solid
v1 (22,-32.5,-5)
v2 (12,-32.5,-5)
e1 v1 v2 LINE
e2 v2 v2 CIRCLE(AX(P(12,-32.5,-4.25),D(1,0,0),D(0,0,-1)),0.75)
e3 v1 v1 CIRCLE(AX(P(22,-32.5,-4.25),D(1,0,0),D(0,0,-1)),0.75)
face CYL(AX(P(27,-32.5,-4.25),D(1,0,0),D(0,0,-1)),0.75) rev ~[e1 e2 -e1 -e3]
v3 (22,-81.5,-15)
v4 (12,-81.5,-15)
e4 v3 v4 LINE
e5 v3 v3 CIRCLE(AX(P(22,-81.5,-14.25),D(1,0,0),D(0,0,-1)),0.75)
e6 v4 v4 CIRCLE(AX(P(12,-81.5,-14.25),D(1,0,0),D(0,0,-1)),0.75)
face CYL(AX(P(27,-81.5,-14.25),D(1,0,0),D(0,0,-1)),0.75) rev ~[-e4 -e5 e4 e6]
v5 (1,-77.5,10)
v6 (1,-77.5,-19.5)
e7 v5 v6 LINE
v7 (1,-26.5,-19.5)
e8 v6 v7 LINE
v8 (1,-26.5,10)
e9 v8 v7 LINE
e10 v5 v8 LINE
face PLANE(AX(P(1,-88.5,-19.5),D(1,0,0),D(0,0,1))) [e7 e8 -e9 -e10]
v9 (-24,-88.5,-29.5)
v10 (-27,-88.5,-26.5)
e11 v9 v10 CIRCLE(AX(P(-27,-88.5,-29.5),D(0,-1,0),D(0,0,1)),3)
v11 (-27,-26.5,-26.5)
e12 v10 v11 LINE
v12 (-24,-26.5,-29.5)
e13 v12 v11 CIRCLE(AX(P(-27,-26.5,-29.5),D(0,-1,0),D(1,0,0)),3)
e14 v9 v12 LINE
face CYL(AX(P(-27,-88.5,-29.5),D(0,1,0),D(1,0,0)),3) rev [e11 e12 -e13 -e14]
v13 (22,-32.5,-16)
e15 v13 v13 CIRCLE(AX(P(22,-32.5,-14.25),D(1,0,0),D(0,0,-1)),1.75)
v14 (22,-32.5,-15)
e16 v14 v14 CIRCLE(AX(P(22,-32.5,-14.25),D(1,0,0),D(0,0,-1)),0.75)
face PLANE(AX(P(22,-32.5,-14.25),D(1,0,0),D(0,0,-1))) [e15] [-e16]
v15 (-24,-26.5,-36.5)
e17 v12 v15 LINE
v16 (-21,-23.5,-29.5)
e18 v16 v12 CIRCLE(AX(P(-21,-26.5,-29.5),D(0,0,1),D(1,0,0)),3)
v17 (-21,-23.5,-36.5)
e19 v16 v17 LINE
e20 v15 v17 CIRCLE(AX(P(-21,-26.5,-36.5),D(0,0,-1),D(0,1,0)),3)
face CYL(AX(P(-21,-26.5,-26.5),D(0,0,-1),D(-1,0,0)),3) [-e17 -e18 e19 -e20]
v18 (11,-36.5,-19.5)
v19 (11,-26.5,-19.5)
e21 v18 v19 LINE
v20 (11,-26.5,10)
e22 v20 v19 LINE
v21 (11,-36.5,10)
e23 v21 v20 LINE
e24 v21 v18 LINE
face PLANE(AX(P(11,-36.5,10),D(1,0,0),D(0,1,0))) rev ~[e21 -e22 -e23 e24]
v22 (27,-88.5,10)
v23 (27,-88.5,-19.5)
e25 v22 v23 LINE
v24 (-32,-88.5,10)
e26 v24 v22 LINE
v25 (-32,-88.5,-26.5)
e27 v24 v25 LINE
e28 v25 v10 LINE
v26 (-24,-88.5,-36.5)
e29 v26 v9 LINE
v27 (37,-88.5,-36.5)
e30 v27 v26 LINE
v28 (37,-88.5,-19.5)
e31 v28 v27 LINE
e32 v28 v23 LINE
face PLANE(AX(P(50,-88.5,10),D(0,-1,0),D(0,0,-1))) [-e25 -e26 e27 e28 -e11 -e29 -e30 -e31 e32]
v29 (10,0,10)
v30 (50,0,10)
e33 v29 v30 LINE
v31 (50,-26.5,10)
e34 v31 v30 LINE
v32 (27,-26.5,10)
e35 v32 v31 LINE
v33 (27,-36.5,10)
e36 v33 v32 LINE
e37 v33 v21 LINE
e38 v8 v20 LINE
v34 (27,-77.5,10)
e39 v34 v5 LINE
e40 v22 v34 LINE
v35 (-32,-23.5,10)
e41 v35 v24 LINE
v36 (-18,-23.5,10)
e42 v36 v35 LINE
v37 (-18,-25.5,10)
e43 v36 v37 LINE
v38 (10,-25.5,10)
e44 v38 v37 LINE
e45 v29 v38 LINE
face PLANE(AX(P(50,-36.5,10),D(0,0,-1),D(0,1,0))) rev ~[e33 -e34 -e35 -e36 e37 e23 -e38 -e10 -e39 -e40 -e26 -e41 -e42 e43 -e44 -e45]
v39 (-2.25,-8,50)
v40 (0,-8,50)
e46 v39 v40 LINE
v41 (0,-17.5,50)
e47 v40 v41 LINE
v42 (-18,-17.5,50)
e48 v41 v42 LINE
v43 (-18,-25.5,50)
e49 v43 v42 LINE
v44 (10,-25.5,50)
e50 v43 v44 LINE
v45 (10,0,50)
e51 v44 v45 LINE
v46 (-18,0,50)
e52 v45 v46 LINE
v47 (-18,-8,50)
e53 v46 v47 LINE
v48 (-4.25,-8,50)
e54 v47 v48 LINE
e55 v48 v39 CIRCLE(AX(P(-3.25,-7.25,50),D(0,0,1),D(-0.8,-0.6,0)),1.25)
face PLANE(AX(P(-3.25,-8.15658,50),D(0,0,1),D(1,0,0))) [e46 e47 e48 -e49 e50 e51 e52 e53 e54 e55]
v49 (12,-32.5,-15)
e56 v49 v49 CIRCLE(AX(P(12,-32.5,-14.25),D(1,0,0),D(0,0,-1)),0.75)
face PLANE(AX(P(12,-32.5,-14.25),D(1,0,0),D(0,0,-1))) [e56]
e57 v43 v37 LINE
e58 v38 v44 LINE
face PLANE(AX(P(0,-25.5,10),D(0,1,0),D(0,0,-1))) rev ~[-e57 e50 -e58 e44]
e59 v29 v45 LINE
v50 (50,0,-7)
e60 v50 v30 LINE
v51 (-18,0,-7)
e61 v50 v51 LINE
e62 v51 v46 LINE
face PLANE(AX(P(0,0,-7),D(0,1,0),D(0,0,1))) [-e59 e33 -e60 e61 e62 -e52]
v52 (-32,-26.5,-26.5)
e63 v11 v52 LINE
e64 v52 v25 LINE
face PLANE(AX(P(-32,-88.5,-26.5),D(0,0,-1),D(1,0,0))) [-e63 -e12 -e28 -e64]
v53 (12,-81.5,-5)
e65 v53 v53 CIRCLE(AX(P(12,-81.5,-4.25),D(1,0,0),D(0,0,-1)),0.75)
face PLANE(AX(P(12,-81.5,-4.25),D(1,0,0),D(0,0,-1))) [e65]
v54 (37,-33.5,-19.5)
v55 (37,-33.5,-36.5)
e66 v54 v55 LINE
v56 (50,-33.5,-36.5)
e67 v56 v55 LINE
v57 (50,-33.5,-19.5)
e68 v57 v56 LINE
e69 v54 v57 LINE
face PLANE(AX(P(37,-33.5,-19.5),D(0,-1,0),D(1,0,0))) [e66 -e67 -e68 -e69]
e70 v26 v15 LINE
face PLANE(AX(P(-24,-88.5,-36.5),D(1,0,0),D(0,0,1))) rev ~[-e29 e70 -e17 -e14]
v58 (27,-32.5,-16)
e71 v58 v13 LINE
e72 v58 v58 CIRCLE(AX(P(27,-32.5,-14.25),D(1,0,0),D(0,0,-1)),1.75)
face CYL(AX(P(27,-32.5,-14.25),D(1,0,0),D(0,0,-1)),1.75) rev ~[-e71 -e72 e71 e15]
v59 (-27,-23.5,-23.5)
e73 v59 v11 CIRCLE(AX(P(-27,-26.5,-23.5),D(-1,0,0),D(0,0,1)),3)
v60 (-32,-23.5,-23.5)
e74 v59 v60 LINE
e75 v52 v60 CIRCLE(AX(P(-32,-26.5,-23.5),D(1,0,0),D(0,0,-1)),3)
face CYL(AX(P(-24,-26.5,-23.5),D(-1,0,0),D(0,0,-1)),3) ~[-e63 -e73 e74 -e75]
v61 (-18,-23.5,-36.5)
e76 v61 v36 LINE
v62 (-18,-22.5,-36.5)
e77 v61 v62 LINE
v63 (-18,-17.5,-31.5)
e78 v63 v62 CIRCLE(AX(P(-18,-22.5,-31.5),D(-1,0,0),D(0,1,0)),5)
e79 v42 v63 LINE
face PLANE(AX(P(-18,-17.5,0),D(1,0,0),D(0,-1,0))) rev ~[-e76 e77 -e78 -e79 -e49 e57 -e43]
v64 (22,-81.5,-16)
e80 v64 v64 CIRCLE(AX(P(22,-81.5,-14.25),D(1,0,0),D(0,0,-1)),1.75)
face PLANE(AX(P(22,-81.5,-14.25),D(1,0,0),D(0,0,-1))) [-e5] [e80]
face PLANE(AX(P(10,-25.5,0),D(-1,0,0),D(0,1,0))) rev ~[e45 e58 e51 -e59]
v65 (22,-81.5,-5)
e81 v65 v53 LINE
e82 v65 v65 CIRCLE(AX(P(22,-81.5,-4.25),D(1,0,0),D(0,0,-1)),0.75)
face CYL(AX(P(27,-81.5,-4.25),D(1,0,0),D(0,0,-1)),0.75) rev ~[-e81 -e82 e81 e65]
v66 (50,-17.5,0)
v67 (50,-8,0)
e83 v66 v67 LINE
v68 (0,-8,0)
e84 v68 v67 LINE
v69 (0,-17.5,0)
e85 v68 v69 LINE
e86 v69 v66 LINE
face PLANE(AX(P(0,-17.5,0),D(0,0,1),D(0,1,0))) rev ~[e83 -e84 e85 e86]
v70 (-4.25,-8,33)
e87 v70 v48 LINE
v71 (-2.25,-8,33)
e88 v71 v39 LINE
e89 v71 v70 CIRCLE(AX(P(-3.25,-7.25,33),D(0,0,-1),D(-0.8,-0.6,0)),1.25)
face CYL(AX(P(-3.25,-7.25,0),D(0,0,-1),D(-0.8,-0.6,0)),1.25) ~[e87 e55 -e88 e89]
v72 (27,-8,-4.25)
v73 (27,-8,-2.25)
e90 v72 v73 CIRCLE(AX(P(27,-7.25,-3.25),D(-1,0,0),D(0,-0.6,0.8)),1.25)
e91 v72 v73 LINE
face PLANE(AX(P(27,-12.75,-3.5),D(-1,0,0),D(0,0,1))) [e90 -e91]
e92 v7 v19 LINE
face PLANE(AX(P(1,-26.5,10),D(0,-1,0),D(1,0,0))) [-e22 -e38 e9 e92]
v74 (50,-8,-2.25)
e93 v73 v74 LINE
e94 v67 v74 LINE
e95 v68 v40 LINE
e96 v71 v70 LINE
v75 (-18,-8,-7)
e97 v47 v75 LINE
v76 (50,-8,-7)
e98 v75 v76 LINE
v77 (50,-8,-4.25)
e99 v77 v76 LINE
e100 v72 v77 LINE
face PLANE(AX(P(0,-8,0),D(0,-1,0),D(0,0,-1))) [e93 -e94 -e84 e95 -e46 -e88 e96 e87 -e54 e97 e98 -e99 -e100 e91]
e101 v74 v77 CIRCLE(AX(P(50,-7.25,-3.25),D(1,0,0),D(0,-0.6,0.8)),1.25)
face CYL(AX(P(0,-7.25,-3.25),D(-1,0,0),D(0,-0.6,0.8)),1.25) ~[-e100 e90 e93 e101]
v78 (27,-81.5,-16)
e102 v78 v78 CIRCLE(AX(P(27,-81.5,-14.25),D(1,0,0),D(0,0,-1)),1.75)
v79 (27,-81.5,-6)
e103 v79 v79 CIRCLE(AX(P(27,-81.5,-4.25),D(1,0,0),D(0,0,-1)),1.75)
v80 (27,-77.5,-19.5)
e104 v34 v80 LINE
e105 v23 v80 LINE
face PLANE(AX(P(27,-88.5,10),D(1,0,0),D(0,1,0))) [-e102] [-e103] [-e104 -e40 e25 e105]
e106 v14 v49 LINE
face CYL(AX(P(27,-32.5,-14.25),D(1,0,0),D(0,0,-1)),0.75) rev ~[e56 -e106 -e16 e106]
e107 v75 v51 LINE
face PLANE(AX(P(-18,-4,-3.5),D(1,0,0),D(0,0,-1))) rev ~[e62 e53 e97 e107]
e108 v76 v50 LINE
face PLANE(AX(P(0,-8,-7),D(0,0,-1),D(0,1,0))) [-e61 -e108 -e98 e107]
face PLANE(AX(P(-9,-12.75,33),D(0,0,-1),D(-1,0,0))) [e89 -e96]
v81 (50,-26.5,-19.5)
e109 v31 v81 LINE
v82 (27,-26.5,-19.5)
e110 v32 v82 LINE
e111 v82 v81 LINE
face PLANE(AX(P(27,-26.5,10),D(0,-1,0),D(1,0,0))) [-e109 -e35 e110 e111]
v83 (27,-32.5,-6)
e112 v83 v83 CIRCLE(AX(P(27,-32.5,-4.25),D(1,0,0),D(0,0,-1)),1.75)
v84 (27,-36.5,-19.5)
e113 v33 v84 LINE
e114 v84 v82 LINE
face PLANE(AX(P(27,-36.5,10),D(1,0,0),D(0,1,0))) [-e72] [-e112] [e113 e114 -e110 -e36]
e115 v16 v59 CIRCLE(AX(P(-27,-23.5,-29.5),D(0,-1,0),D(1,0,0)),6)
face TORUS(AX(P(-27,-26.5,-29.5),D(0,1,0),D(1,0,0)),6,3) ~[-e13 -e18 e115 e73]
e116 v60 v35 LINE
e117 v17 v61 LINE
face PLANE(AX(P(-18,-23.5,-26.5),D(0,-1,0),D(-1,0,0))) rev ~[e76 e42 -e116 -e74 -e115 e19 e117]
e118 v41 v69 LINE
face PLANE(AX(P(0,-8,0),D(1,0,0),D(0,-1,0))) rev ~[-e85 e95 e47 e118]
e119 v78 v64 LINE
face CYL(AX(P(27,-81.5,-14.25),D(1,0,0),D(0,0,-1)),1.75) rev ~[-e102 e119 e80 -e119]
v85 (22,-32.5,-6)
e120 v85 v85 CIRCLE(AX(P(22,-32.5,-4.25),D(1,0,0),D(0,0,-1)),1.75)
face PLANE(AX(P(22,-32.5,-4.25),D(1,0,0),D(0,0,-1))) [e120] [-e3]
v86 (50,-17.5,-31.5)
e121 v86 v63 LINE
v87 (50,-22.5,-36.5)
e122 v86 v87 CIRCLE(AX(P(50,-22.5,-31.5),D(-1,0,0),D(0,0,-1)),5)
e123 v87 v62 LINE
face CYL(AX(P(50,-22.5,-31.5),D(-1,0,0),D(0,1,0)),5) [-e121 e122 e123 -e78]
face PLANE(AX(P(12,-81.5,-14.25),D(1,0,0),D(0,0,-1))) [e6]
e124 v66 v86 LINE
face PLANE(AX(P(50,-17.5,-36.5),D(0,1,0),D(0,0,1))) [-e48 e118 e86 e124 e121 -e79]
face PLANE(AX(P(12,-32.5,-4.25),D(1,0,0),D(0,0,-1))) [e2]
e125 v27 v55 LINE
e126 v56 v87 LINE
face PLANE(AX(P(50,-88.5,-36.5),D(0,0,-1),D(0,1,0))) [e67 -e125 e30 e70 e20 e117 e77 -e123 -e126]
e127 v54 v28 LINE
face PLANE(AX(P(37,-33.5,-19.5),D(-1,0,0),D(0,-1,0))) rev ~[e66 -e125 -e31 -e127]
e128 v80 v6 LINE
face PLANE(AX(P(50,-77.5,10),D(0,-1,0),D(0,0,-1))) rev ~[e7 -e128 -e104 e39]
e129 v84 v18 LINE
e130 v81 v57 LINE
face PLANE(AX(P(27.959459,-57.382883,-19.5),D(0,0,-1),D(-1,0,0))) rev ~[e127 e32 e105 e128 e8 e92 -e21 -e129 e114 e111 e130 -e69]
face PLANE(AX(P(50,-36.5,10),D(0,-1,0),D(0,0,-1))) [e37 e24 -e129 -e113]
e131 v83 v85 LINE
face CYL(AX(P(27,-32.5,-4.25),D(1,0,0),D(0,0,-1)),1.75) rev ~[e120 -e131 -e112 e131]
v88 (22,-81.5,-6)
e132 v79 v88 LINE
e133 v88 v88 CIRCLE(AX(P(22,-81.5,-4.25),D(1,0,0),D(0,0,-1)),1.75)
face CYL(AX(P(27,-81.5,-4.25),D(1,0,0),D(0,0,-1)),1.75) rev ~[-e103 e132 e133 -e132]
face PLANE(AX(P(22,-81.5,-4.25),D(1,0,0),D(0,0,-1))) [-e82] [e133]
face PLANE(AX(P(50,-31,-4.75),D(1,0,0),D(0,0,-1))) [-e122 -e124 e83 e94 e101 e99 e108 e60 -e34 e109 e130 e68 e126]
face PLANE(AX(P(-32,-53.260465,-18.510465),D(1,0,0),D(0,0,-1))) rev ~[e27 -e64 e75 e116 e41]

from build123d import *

# Parameters (mm, degrees)
BOSS_EXTRUDE1_DEPTH = 50
SKETCH2_W           = 7
SKETCH2_H           = 8
BOSS_EXTRUDE2_DEPTH = 50
SKETCH2_3_W         = 7
SKETCH2_3_H         = 8
BOSS_EXTRUDE3_DEPTH = 18
SKETCH3_W           = 10
SKETCH3_H           = 63
SKETCH3_W_2         = 7
SKETCH3_H_2         = 8
BOSS_EXTRUDE4_DEPTH = 82
FILLET1_R           = 5
SKETCH4_W           = 49
SKETCH4_H           = 29.5
CUT_EXTRUDE1_DEPTH  = 63
SKETCH5_W           = 29.5
SKETCH5_H           = 11
BOSS_EXTRUDE5_DEPTH = 49
CUT_EXTRUDE2_DEPTH  = 29.5
SKETCH6_R           = 1.75
CUT_EXTRUDE3_DEPTH  = 5
SKETCH6_6_R         = 0.75
CUT_EXTRUDE4_DEPTH  = 15
SKETCH8_W           = 18
SKETCH8_H           = 9.5
CUT_EXTRUDE5_DEPTH  = 40
SKETCH9_W           = 7
SKETCH9_H           = 9.5
CUT_EXTRUDE6_DEPTH  = 45
SKETCH10_W          = 10
SKETCH10_H          = 10
CUT_EXTRUDE7_DEPTH  = 29.5
SKETCH11_W          = 13
SKETCH11_H          = 48
SKETCH11_H_2        = 7
CUT_EXTRUDE8_DEPTH  = 124.13610356
SKETCH12_W          = 8
SKETCH12_H          = 10
CUT_EXTRUDE9_DEPTH  = 114.279521539
SKETCH13_W          = 10
SKETCH13_H          = 6
CUT_EXTRUDE10_DEPTH = 14
SKETCH15_W          = 14
SKETCH15_H          = 6
CUT_EXTRUDE11_DEPTH = 128.218316291
FILLET2_R           = 3


with BuildPart() as part:
    # Sketch1 → Boss-Extrude1 (new body)
    with BuildSketch(Plane.XY):
        with BuildLine():
            Line((-2.25, -8), (-4.25, -8))
            ThreePointArc((-4.25, -8), (-3.25, -8.5), (-2.25, -8))
        make_face()
        Polygon((10, -25.5), (10, 0), (0, 0), (-18, 0), (-18, -8), (0, -8), (0, -17.5), (-18, -17.5), (-18, -25.5), align=None)
    extrude(amount=BOSS_EXTRUDE1_DEPTH)

    # Sketch2 → Boss-Extrude2 (add)
    with BuildSketch(Plane(origin=(0, 0, 0), x_dir=(0, 0, -1), z_dir=(1, 0, 0))):
        Polygon((7, 0), (0, 0), (0, -8), (2.25, -8), (4.25, -8), (7, -8), align=None)
        Polygon((0, -8), (0, 0), (-10, 0), (-10, -25.5), (0, -25.5), (0, -17.5), align=None)
        with Locations((3.5, -21.5)):
            Rectangle(SKETCH2_W, SKETCH2_H)
        with BuildLine():
            Line((4.25, -8), (2.25, -8))
            ThreePointArc((2.25, -8), (3.25, -8.5), (4.25, -8))
        make_face()
    extrude(amount=BOSS_EXTRUDE2_DEPTH)

    # Sketch2<3> → Boss-Extrude3 (add)
    with BuildSketch(Plane(origin=(0, 0, 0), x_dir=(0, 0, -1), z_dir=(1, 0, 0))):
        Polygon((7, 0), (0, 0), (0, -8), (2.25, -8), (4.25, -8), (7, -8), align=None)
        with Locations((3.5, -21.5)):
            Rectangle(SKETCH2_3_W, SKETCH2_3_H)
    extrude(amount=-BOSS_EXTRUDE3_DEPTH)

    # Sketch3 → Boss-Extrude4 (add)
    with BuildSketch(Plane(origin=(50, 0, 0), x_dir=(0, 0, -1), z_dir=(1, 0, 0))):
        Polygon((36.5, -17.5), (7, -17.5), (7, -25.5), (0, -25.5), (0, -88.5), (36.5, -88.5), align=None)
        with Locations((-5, -57)):
            Rectangle(SKETCH3_W, SKETCH3_H)
        with Locations((3.5, -21.5)):
            Rectangle(SKETCH3_W_2, SKETCH3_H_2)
        with Locations((-5, -21.5)):
            Rectangle(SKETCH3_W, SKETCH3_H_2)
    extrude(amount=-BOSS_EXTRUDE4_DEPTH)

    # Fillet1
    fillet1_edges = [part.edges().sort_by_distance(p)[0] for p in [
        (-32, -17.5, -13.25),
        (-32, -53, -36.5),
        (9, -17.5, -36.5),
    ]]
    fillet(fillet1_edges, radius=FILLET1_R)

    # Sketch4 → Cut-Extrude1 (cut)
    with BuildSketch(Plane.XZ.offset(88.5)):
        with Locations((25.5, -4.75)):
            Rectangle(SKETCH4_W, SKETCH4_H)
    extrude(amount=-CUT_EXTRUDE1_DEPTH, mode=Mode.SUBTRACT)

    # Sketch5 → Boss-Extrude5 (add)
    with BuildSketch(Plane(origin=(50, 0, 0), x_dir=(0, 0, -1), z_dir=(1, 0, 0))):
        with Locations((4.75, -31)):
            Rectangle(SKETCH5_W, SKETCH5_H)
        with Locations((4.75, -83)):
            Rectangle(SKETCH5_W, SKETCH5_H)
    extrude(amount=-BOSS_EXTRUDE5_DEPTH)

    # Sketch7 → Cut-Extrude2 (cut)
    with BuildSketch(Plane.XY.offset(10)):
        Polygon((1, -36.5), (27, -36.5), (27, -26.5), (50, -26.5), (50, -88.5), (27, -88.5), (27, -77.5), (1, -77.5), align=None)
    extrude(amount=-CUT_EXTRUDE2_DEPTH, mode=Mode.SUBTRACT)

    # Sketch6 → Cut-Extrude3 (cut)
    with BuildSketch(Plane(origin=(27, 0, 0), x_dir=(0, 0, -1), z_dir=(1, 0, 0))):
        with Locations((4.25, -81.5)):
            Circle(SKETCH6_R)
        with Locations((14.25, -81.5)):
            Circle(SKETCH6_R)
        with Locations((14.25, -32.5)):
            Circle(SKETCH6_R)
        with Locations((4.25, -32.5)):
            Circle(SKETCH6_R)
    extrude(amount=-CUT_EXTRUDE3_DEPTH, mode=Mode.SUBTRACT)

    # Sketch6<6> → Cut-Extrude4 (cut)
    with BuildSketch(Plane(origin=(27, 0, 0), x_dir=(0, 0, -1), z_dir=(1, 0, 0))):
        with Locations((4.25, -81.5)):
            Circle(SKETCH6_6_R)
        with Locations((14.25, -81.5)):
            Circle(SKETCH6_6_R)
        with Locations((14.25, -32.5)):
            Circle(SKETCH6_6_R)
        with Locations((4.25, -32.5)):
            Circle(SKETCH6_6_R)
    extrude(amount=-CUT_EXTRUDE4_DEPTH, mode=Mode.SUBTRACT)

    # Sketch8 → Cut-Extrude5 (cut)
    with BuildSketch(Plane(origin=(0, 0, -7), x_dir=(-1, 0, 0), z_dir=(0, 0, -1))):
        with Locations((9, -12.75)):
            Rectangle(SKETCH8_W, SKETCH8_H)
    extrude(amount=-CUT_EXTRUDE5_DEPTH, mode=Mode.SUBTRACT)

    # Sketch9 → Cut-Extrude6 (cut)
    with BuildSketch(Plane.ZY.offset(18)):
        with Locations((-3.5, -12.75)):
            Rectangle(SKETCH9_W, SKETCH9_H)
    extrude(amount=-CUT_EXTRUDE6_DEPTH, mode=Mode.SUBTRACT)

    # Sketch10 → Cut-Extrude7 (cut)
    with BuildSketch(Plane.XY.offset(10)):
        with Locations((6, -31.5)):
            Rectangle(SKETCH10_W, SKETCH10_H)
    extrude(amount=-CUT_EXTRUDE7_DEPTH, mode=Mode.SUBTRACT)

    # Sketch11 → Cut-Extrude8 (cut, through all)
    with BuildSketch(Plane.XY.offset(-19.5)):
        with Locations((43.5, -57.5)):
            Rectangle(SKETCH11_W, SKETCH11_H)
        with Locations((43.5, -85)):
            Rectangle(SKETCH11_W, SKETCH11_H_2)
    extrude(amount=-CUT_EXTRUDE8_DEPTH, mode=Mode.SUBTRACT)

    # Sketch12 → Cut-Extrude9 (cut, through all)
    with BuildSketch(Plane.XZ.offset(88.5)):
        with Locations((-28, -31.5)):
            Rectangle(SKETCH12_W, SKETCH12_H)
    extrude(amount=-CUT_EXTRUDE9_DEPTH, mode=Mode.SUBTRACT)

    # Sketch13 → Cut-Extrude10 (cut)
    with BuildSketch(Plane.ZY.offset(32)):
        with Locations((-31.5, -20.5)):
            Rectangle(SKETCH13_W, SKETCH13_H)
    extrude(amount=-CUT_EXTRUDE10_DEPTH, mode=Mode.SUBTRACT)

    # Sketch15 → Cut-Extrude11 (cut, through all)
    with BuildSketch(Plane(origin=(0, 0, -26.5), x_dir=(-1, 0, 0), z_dir=(0, 0, -1))):
        with Locations((25, -20.5)):
            Rectangle(SKETCH15_W, SKETCH15_H)
    extrude(amount=-CUT_EXTRUDE11_DEPTH, mode=Mode.SUBTRACT)

    # Fillet2
    fillet2_edges = [part.edges().sort_by_distance(p)[0] for p in [
        (-24, -56, -26.5),
        (-24, -23.5, -31.5),
        (-28, -23.5, -26.5),
    ]]
    fillet(fillet2_edges, radius=FILLET2_R)


solid = part.part
